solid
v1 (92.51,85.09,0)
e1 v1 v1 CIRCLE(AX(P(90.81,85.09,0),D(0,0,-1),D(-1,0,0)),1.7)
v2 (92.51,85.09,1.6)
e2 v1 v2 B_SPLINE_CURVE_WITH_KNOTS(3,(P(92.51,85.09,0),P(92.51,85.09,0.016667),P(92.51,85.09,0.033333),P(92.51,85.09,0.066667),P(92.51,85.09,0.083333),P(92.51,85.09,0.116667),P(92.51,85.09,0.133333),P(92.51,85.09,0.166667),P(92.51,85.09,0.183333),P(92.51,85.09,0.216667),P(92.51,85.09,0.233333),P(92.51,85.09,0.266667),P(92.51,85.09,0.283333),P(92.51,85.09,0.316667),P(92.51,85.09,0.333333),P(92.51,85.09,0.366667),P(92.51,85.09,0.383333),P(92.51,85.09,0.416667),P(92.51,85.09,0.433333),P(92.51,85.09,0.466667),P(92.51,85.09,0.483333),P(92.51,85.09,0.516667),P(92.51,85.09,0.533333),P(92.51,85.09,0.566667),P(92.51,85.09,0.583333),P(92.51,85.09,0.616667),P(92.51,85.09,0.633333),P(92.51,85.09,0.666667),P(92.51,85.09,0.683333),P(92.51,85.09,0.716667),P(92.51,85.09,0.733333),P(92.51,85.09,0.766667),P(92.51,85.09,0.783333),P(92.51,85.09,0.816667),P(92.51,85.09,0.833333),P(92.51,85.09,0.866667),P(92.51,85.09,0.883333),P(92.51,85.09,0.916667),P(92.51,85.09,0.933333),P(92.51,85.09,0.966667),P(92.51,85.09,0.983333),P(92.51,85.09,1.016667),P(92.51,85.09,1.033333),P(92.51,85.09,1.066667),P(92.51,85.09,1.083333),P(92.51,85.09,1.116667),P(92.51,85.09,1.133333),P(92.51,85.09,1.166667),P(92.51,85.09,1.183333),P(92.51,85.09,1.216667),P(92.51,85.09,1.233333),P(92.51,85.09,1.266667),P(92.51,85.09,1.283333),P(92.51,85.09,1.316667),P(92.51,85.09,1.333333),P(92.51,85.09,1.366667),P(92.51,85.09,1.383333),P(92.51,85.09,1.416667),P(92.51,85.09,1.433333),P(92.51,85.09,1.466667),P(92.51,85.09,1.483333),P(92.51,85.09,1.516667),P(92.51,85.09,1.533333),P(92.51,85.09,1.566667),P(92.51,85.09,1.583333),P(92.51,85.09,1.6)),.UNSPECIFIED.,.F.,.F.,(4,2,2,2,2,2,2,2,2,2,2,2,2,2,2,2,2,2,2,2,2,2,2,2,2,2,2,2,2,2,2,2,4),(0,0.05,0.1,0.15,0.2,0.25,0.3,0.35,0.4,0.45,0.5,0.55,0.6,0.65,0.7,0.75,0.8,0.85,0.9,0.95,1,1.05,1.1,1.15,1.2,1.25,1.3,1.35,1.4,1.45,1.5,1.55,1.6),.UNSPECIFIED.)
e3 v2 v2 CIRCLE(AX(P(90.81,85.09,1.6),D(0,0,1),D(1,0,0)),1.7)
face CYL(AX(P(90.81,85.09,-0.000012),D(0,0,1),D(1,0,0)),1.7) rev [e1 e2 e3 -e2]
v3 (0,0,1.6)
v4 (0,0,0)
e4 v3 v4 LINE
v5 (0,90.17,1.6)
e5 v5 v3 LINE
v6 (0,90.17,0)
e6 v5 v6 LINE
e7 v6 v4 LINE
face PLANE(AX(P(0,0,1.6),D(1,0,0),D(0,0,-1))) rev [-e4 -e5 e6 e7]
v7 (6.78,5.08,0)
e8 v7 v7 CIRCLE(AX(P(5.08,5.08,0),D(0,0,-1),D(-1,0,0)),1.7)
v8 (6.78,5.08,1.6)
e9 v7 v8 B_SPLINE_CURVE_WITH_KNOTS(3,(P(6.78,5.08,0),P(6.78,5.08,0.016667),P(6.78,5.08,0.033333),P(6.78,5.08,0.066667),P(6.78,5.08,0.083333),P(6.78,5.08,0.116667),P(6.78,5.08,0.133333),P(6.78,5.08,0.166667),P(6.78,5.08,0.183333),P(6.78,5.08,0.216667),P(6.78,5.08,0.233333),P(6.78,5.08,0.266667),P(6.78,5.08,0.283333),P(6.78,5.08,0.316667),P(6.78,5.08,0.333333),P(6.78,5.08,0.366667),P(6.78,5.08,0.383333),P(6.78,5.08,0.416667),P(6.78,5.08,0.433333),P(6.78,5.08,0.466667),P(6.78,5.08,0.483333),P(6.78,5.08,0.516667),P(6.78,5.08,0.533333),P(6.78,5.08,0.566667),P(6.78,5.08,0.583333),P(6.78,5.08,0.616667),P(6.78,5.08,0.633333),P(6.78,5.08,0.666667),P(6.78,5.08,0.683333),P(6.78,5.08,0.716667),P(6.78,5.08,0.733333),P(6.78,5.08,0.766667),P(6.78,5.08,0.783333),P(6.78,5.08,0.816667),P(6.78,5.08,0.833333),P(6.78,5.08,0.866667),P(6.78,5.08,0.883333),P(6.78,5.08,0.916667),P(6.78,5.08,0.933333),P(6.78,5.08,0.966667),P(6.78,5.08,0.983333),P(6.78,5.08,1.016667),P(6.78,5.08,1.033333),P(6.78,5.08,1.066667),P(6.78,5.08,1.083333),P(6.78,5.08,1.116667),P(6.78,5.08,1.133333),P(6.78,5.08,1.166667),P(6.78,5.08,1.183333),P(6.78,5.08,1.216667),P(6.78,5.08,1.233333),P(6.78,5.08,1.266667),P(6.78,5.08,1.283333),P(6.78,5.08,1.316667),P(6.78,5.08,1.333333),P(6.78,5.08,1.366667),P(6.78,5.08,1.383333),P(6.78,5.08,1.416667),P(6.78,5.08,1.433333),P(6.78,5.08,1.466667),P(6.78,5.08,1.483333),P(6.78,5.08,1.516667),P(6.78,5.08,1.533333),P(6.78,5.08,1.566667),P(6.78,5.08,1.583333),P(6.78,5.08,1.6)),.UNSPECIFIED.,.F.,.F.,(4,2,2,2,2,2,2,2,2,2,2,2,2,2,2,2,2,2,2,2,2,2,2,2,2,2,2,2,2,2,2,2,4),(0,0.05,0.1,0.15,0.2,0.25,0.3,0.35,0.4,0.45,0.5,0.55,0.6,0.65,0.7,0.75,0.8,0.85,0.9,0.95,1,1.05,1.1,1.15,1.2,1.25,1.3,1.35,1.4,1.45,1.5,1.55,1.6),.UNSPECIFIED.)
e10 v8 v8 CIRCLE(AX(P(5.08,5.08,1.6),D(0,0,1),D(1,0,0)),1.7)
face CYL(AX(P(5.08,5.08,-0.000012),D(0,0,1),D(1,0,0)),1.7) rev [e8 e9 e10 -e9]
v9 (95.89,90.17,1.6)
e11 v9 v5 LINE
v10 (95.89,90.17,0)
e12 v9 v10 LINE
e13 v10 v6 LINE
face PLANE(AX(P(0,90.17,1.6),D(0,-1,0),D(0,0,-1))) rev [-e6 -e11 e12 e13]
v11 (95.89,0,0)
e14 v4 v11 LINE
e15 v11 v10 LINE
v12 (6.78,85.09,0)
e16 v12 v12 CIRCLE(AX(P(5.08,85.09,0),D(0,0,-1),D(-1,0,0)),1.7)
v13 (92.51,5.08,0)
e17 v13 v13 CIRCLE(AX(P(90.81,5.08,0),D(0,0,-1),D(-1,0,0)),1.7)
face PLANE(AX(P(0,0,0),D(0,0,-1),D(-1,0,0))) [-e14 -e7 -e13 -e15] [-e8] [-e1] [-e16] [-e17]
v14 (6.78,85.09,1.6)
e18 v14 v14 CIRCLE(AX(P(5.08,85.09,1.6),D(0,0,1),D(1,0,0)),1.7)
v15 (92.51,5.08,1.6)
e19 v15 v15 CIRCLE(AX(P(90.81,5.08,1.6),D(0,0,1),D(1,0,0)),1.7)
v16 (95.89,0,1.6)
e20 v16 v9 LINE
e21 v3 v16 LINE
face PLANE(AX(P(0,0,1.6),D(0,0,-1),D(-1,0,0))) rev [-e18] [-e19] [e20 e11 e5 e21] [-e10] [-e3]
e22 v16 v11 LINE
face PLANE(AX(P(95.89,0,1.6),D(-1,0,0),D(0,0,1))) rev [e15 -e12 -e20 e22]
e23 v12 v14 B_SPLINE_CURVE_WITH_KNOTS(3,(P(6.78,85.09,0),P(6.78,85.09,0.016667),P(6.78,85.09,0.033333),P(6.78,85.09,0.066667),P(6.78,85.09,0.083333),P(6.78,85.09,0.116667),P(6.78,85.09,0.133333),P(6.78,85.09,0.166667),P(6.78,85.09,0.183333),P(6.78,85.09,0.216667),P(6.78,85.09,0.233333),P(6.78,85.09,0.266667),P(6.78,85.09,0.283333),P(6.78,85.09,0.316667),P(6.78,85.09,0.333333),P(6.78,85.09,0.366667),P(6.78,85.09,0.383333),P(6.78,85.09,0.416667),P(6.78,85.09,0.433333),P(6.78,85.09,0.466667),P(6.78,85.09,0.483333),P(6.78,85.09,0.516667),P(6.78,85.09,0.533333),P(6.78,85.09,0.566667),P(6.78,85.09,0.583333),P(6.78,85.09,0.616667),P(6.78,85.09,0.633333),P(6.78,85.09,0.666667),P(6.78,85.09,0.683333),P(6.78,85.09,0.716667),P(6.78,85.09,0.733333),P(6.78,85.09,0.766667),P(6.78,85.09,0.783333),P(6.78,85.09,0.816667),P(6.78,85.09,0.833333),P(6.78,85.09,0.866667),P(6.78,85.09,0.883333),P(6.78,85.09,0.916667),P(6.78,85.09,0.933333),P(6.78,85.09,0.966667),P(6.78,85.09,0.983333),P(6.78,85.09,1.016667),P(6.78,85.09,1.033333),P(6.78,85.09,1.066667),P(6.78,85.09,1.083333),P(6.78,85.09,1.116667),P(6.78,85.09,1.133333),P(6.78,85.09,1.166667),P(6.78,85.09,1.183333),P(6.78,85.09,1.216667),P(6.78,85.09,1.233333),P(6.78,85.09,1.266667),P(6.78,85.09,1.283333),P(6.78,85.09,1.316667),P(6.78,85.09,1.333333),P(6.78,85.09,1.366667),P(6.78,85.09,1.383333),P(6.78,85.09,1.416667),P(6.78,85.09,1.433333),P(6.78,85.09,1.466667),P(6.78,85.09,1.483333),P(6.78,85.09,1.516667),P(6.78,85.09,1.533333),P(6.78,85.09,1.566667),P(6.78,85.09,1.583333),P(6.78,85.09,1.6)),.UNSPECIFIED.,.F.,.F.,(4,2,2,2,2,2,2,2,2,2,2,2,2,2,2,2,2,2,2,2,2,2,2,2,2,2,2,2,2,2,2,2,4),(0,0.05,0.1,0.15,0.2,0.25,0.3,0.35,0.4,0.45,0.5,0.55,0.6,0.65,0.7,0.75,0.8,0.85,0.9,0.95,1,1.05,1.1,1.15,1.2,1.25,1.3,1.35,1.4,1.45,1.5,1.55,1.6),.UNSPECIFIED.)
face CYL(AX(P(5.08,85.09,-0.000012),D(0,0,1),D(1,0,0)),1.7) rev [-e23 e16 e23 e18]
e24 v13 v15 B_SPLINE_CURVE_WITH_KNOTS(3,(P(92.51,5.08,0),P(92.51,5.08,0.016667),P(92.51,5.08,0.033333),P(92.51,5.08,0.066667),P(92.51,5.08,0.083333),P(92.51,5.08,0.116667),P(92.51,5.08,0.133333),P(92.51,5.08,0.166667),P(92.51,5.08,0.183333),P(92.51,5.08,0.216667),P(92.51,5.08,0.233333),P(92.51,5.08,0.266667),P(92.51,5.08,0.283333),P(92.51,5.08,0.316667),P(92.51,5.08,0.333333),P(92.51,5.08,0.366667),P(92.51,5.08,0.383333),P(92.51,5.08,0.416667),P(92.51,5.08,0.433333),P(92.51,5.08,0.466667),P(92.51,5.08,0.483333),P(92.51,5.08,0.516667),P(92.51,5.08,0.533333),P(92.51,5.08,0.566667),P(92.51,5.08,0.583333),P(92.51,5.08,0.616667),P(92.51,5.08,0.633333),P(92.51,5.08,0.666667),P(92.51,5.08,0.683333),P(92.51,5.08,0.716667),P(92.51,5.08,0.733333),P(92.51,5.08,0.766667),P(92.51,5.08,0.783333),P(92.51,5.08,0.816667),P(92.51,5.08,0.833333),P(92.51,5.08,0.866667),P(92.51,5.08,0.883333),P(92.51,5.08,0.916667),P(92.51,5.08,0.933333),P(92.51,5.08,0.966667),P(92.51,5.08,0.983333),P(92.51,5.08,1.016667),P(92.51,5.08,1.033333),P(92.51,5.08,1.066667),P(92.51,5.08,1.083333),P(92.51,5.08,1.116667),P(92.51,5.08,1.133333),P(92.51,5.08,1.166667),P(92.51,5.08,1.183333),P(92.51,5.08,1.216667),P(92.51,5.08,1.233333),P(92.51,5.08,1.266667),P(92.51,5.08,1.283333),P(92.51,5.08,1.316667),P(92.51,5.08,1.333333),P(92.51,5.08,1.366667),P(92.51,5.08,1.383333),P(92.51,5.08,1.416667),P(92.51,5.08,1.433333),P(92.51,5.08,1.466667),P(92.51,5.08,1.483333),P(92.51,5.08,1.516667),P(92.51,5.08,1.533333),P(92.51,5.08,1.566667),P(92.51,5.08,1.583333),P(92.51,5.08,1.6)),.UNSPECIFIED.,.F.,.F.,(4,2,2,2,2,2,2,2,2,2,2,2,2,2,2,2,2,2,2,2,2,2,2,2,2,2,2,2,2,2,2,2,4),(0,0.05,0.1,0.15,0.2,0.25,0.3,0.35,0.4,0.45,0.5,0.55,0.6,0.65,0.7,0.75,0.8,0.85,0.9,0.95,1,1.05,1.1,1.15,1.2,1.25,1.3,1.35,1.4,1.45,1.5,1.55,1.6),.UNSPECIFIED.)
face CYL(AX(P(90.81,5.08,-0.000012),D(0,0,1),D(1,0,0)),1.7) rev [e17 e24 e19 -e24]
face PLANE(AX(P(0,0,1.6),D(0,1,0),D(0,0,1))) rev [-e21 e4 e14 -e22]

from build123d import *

# Parameters (mm, degrees)
BODY_SKETCH_W    = 95.89
BODY_SKETCH_H    = 90.17
BODY_DEPTH       = 1.6
HOLES_DEPTH      = 132.636169042
HOLES_DEPTH_BACK = 132.636169042
HOLES_SKETCH_R   = 1.7


with BuildPart() as part:
    # Body sketch → Body (new body)
    with BuildSketch(Plane.XY):
        with Locations((47.945, 45.085)):
            Rectangle(BODY_SKETCH_W, BODY_SKETCH_H)
    extrude(amount=BODY_DEPTH)

    # Holes sketch → Holes (cut, two sides: drawn at the far end of the back side and taken through both)
    with BuildSketch(Plane.XY.offset(-HOLES_DEPTH_BACK)):
        with Locations((5.08, 5.08)):
            Circle(HOLES_SKETCH_R)
        with Locations((90.81, 5.08)):
            Circle(HOLES_SKETCH_R)
        with Locations((5.08, 85.09)):
            Circle(HOLES_SKETCH_R)
        with Locations((90.81, 85.09)):
            Circle(HOLES_SKETCH_R)
    extrude(amount=HOLES_DEPTH + HOLES_DEPTH_BACK, mode=Mode.SUBTRACT)


solid = part.part
